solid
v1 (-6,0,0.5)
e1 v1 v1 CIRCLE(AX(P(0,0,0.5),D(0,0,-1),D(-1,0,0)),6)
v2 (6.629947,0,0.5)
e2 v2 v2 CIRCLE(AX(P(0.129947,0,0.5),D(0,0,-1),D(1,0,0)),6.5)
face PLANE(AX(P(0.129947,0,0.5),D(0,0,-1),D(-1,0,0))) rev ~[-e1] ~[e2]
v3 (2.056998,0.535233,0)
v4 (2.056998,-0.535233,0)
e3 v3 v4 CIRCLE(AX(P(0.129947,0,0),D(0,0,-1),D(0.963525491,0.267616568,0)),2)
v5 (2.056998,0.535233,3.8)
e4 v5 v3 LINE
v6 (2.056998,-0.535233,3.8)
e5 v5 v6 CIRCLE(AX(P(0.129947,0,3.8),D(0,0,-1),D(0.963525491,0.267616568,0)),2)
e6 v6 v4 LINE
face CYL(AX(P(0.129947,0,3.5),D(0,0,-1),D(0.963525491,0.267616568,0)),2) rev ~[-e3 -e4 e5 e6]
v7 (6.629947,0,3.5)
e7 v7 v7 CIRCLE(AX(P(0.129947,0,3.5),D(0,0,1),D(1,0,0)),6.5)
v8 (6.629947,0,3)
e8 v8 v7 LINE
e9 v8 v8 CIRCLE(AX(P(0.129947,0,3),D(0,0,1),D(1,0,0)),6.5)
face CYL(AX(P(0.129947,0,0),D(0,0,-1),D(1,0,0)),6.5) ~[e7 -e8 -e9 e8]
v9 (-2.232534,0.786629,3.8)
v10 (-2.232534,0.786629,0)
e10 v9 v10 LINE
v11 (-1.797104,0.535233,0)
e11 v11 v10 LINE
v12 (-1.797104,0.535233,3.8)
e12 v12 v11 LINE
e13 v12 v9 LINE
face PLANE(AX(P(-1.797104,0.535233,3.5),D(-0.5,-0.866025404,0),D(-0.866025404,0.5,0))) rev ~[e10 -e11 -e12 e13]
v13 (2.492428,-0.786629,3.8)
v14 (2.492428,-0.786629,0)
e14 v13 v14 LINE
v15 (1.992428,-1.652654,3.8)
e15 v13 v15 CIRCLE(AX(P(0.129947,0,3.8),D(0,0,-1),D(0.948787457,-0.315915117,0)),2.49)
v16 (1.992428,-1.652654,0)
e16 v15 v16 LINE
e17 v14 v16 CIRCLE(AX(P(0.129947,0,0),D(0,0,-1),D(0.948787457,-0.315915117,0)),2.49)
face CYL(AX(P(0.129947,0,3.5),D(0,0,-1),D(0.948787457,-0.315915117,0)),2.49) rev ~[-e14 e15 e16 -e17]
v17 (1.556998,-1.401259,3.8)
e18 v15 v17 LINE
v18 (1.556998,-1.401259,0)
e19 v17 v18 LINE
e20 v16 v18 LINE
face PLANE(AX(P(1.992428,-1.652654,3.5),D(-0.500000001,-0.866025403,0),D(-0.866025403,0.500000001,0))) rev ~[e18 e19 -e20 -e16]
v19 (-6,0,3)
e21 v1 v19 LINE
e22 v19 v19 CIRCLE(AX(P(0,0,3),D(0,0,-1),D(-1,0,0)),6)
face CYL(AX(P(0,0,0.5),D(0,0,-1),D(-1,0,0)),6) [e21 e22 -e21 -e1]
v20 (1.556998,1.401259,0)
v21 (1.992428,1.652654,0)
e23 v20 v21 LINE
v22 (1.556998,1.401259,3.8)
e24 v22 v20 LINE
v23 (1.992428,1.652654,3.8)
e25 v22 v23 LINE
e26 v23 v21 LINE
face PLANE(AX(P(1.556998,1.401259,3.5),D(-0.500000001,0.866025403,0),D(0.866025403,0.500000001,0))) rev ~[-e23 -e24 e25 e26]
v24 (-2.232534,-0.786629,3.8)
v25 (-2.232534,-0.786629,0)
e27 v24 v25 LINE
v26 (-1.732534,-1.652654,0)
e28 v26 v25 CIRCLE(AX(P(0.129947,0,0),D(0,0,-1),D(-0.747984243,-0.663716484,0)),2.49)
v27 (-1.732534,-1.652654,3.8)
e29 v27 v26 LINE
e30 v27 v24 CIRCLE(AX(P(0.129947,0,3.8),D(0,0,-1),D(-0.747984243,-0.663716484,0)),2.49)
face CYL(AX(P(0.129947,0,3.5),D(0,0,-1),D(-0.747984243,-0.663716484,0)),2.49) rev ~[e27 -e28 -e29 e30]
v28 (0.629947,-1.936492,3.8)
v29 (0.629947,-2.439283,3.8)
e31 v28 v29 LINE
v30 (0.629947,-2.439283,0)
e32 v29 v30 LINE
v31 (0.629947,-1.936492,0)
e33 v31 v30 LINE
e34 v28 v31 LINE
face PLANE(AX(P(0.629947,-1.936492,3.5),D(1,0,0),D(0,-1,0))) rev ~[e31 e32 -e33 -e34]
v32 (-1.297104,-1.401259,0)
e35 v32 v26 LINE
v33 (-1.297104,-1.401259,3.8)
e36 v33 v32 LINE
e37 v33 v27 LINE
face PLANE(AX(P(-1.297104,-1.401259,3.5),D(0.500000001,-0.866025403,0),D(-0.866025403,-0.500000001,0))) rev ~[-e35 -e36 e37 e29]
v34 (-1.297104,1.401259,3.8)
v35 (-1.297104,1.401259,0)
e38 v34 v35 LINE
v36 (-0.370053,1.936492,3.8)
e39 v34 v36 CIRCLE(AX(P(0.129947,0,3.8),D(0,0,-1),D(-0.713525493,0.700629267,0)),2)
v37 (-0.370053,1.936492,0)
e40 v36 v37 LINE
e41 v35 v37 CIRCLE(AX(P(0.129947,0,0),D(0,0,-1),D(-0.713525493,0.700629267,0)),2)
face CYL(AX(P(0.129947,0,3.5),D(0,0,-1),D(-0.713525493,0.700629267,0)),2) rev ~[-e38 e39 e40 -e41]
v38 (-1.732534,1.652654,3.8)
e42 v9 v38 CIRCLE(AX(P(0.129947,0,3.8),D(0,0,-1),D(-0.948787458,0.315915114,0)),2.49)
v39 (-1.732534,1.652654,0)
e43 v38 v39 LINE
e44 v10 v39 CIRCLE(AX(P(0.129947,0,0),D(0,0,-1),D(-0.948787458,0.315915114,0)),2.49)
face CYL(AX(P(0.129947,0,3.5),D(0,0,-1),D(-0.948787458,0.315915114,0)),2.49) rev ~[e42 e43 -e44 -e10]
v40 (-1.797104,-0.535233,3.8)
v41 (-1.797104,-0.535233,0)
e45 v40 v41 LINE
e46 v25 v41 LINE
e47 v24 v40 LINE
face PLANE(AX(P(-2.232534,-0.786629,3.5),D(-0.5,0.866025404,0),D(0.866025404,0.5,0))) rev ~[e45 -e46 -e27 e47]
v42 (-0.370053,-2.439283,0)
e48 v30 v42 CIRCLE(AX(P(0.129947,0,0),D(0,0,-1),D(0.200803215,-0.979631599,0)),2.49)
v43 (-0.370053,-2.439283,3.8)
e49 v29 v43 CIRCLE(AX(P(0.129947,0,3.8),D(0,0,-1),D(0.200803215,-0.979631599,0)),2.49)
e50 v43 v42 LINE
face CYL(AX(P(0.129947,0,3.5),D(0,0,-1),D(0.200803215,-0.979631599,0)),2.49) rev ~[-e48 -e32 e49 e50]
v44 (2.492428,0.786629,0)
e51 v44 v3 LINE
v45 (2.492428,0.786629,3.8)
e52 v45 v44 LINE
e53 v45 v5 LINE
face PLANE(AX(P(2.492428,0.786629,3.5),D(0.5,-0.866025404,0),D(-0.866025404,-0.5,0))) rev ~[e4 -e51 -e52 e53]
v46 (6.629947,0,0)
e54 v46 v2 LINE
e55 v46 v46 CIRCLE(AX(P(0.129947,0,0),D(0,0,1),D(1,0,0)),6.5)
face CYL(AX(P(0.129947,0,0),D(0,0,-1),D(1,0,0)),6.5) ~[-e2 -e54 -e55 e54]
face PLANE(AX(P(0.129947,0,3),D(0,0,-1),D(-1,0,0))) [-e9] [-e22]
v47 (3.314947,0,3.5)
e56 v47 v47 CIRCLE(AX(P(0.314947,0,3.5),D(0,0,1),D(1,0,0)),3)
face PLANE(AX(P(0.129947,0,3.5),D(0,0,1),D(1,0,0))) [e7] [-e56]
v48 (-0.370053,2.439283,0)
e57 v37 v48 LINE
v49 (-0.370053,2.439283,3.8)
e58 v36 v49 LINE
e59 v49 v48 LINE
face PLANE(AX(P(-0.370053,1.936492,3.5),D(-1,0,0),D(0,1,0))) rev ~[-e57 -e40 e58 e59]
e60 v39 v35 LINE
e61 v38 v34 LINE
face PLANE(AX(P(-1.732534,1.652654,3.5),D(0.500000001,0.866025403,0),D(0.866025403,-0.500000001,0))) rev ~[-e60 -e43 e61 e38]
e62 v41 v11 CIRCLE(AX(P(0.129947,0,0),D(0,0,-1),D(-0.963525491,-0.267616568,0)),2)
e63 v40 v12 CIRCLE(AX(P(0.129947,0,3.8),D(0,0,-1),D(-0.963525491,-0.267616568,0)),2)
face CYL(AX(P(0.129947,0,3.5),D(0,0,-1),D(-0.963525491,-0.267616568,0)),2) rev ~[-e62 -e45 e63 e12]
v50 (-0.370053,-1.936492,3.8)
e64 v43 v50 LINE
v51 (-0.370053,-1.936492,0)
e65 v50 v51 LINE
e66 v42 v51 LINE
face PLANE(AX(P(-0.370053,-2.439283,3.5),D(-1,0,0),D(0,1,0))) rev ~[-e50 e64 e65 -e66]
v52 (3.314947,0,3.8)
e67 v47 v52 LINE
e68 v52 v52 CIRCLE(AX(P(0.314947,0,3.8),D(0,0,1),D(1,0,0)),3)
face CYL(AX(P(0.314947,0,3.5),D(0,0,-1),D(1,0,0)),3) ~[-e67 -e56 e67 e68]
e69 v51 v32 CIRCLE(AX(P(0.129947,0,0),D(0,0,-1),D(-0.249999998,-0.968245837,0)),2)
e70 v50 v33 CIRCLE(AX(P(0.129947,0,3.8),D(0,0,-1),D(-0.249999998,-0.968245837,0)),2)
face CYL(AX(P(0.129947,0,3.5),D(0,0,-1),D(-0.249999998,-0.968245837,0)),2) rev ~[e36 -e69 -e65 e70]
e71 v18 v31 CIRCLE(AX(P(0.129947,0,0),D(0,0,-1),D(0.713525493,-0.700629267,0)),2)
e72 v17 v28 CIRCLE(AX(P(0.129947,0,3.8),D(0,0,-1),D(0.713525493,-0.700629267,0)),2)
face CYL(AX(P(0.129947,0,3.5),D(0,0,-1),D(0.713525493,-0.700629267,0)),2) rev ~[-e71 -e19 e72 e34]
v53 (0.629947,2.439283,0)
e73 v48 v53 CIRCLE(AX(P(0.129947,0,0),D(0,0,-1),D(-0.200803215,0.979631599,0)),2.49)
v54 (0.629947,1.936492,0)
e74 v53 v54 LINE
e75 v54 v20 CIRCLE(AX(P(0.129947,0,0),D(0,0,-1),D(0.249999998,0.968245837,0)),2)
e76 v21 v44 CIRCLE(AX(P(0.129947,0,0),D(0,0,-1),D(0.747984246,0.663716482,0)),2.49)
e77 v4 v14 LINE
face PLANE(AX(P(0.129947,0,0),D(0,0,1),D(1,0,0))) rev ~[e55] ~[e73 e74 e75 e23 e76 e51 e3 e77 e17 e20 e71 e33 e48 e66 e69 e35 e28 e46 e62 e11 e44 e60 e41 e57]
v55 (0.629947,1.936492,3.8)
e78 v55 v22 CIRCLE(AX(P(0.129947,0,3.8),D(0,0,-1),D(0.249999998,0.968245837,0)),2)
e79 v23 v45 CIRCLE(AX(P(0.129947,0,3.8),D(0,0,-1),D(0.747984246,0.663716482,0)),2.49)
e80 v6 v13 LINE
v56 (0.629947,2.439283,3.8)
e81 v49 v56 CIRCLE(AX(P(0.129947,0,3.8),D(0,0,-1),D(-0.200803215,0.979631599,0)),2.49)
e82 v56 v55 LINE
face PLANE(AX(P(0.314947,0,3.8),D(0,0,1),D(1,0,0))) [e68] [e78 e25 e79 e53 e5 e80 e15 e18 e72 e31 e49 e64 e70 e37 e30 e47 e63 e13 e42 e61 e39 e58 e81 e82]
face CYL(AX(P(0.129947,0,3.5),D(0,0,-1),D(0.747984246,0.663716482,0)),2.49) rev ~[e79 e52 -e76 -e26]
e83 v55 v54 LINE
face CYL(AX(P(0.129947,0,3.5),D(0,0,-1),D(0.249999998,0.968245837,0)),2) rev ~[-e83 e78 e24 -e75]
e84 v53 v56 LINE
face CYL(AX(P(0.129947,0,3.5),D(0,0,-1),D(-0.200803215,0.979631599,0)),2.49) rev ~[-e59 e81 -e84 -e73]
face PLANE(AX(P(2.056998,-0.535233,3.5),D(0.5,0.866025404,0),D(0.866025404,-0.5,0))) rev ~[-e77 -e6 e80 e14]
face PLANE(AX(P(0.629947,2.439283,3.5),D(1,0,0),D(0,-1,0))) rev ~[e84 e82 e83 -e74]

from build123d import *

# Parameters (mm, degrees)
SKETCH1_R           = 6.5
BOSS_EXTRUDE1_DEPTH = 3.5
SKETCH3_R           = 3
BOSS_EXTRUDE2_DEPTH = 0.3
SKETCH4_R           = 6.5
SKETCH4_R_2         = 6
CUT_EXTRUDE1_DEPTH  = 2.5


with BuildPart() as part:
    # Sketch1 → Boss-Extrude1 (new body)
    with BuildSketch(Plane.XY):
        with Locations((0.129947127, 0)):
            Circle(SKETCH1_R)
        with BuildLine():
            Line((-0.370052873, 1.936491673), (-0.370052873, 2.439282681))
            ThreePointArc((-0.370052873, 2.439282681), (0.129947127, 2.49), (0.629947127, 2.439282681))
            Line((0.629947127, 2.439282681), (0.629947127, 1.936491673))
            ThreePointArc((0.629947127, 1.936491673), (1.129947127, 1.732050808), (1.55699811, 1.401258538))
            Line((1.55699811, 1.401258538), (1.992427896, 1.652654043))
            ThreePointArc((1.992427896, 1.652654043), (2.286350382, 1.245), (2.492427896, 0.786628639))
            Line((2.492427896, 0.786628639), (2.05699811, 0.535233135))
            ThreePointArc((2.05699811, 0.535233135), (2.129947127, 0), (2.05699811, -0.535233135))
            Line((2.05699811, -0.535233135), (2.492427896, -0.786628639))
            ThreePointArc((2.492427896, -0.786628639), (2.286350382, -1.245), (1.992427896, -1.652654043))
            Line((1.992427896, -1.652654043), (1.55699811, -1.401258538))
            ThreePointArc((1.55699811, -1.401258538), (1.129947127, -1.732050808), (0.629947127, -1.936491673))
            Line((0.629947127, -1.936491673), (0.629947127, -2.439282681))
            ThreePointArc((0.629947127, -2.439282681), (0.129947127, -2.49), (-0.370052873, -2.439282681))
            Line((-0.370052873, -2.439282681), (-0.370052873, -1.936491673))
            ThreePointArc((-0.370052873, -1.936491673), (-0.870052873, -1.732050808), (-1.297103856, -1.401258538))
            Line((-1.297103856, -1.401258538), (-1.732533642, -1.652654043))
            ThreePointArc((-1.732533642, -1.652654043), (-2.026456129, -1.245), (-2.232533642, -0.786628639))
            Line((-2.232533642, -0.786628639), (-1.797103856, -0.535233135))
            ThreePointArc((-1.797103856, -0.535233135), (-1.870052873, 0), (-1.797103856, 0.535233135))
            Line((-1.797103856, 0.535233135), (-2.232533642, 0.786628639))
            ThreePointArc((-2.232533642, 0.786628639), (-2.026456129, 1.245), (-1.732533642, 1.652654043))
            Line((-1.732533642, 1.652654043), (-1.297103856, 1.401258538))
            ThreePointArc((-1.297103856, 1.401258538), (-0.870052873, 1.732050808), (-0.370052873, 1.936491673))
        make_face(mode=Mode.SUBTRACT)
    extrude(amount=BOSS_EXTRUDE1_DEPTH)

    # Sketch3 → Boss-Extrude2 (add)
    with BuildSketch(Plane.XY.offset(3.5)):
        with Locations((0.314947127, 0)):
            Circle(SKETCH3_R)
        with BuildLine():
            Line((0.629947127, 2.439282681), (0.629947127, 1.936491673))
            ThreePointArc((0.629947127, 1.936491673), (1.129947127, 1.732050808), (1.55699811, 1.401258538))
            Line((1.55699811, 1.401258538), (1.992427896, 1.652654043))
            ThreePointArc((1.992427896, 1.652654043), (2.286350382, 1.245), (2.492427896, 0.786628639))
            Line((2.492427896, 0.786628639), (2.05699811, 0.535233135))
            ThreePointArc((2.05699811, 0.535233135), (2.129947127, 0), (2.05699811, -0.535233135))
            Line((2.05699811, -0.535233135), (2.492427896, -0.786628639))
            ThreePointArc((2.492427896, -0.786628639), (2.286350382, -1.245), (1.992427896, -1.652654043))
            Line((1.992427896, -1.652654043), (1.55699811, -1.401258538))
            ThreePointArc((1.55699811, -1.401258538), (1.129947127, -1.732050808), (0.629947127, -1.936491673))
            Line((0.629947127, -1.936491673), (0.629947127, -2.439282681))
            ThreePointArc((0.629947127, -2.439282681), (0.129947127, -2.49), (-0.370052873, -2.439282681))
            Line((-0.370052873, -2.439282681), (-0.370052873, -1.936491673))
            ThreePointArc((-0.370052873, -1.936491673), (-0.870052873, -1.732050808), (-1.297103856, -1.401258538))
            Line((-1.297103856, -1.401258538), (-1.732533642, -1.652654043))
            ThreePointArc((-1.732533642, -1.652654043), (-2.026456129, -1.245), (-2.232533642, -0.786628639))
            Line((-2.232533642, -0.786628639), (-1.797103856, -0.535233135))
            ThreePointArc((-1.797103856, -0.535233135), (-1.870052873, 0), (-1.797103856, 0.535233135))
            Line((-1.797103856, 0.535233135), (-2.232533642, 0.786628639))
            ThreePointArc((-2.232533642, 0.786628639), (-2.026456129, 1.245), (-1.732533642, 1.652654043))
            Line((-1.732533642, 1.652654043), (-1.297103856, 1.401258538))
            ThreePointArc((-1.297103856, 1.401258538), (-0.870052873, 1.732050808), (-0.370052873, 1.936491673))
            Line((-0.370052873, 1.936491673), (-0.370052873, 2.439282681))
            ThreePointArc((-0.370052873, 2.439282681), (0.129947127, 2.49), (0.629947127, 2.439282681))
        make_face(mode=Mode.SUBTRACT)
    extrude(amount=BOSS_EXTRUDE2_DEPTH)

    # Sketch4 → Cut-Extrude1 (cut)
    with BuildSketch(Plane(origin=(0, 0, 0.5), x_dir=(-1, 0, 0), z_dir=(0, 0, -1))):
        with Locations((-0.129947127, 0)):
            Circle(SKETCH4_R)
        Circle(SKETCH4_R_2, mode=Mode.SUBTRACT)
    extrude(amount=-CUT_EXTRUDE1_DEPTH, mode=Mode.SUBTRACT)


solid = part.part
